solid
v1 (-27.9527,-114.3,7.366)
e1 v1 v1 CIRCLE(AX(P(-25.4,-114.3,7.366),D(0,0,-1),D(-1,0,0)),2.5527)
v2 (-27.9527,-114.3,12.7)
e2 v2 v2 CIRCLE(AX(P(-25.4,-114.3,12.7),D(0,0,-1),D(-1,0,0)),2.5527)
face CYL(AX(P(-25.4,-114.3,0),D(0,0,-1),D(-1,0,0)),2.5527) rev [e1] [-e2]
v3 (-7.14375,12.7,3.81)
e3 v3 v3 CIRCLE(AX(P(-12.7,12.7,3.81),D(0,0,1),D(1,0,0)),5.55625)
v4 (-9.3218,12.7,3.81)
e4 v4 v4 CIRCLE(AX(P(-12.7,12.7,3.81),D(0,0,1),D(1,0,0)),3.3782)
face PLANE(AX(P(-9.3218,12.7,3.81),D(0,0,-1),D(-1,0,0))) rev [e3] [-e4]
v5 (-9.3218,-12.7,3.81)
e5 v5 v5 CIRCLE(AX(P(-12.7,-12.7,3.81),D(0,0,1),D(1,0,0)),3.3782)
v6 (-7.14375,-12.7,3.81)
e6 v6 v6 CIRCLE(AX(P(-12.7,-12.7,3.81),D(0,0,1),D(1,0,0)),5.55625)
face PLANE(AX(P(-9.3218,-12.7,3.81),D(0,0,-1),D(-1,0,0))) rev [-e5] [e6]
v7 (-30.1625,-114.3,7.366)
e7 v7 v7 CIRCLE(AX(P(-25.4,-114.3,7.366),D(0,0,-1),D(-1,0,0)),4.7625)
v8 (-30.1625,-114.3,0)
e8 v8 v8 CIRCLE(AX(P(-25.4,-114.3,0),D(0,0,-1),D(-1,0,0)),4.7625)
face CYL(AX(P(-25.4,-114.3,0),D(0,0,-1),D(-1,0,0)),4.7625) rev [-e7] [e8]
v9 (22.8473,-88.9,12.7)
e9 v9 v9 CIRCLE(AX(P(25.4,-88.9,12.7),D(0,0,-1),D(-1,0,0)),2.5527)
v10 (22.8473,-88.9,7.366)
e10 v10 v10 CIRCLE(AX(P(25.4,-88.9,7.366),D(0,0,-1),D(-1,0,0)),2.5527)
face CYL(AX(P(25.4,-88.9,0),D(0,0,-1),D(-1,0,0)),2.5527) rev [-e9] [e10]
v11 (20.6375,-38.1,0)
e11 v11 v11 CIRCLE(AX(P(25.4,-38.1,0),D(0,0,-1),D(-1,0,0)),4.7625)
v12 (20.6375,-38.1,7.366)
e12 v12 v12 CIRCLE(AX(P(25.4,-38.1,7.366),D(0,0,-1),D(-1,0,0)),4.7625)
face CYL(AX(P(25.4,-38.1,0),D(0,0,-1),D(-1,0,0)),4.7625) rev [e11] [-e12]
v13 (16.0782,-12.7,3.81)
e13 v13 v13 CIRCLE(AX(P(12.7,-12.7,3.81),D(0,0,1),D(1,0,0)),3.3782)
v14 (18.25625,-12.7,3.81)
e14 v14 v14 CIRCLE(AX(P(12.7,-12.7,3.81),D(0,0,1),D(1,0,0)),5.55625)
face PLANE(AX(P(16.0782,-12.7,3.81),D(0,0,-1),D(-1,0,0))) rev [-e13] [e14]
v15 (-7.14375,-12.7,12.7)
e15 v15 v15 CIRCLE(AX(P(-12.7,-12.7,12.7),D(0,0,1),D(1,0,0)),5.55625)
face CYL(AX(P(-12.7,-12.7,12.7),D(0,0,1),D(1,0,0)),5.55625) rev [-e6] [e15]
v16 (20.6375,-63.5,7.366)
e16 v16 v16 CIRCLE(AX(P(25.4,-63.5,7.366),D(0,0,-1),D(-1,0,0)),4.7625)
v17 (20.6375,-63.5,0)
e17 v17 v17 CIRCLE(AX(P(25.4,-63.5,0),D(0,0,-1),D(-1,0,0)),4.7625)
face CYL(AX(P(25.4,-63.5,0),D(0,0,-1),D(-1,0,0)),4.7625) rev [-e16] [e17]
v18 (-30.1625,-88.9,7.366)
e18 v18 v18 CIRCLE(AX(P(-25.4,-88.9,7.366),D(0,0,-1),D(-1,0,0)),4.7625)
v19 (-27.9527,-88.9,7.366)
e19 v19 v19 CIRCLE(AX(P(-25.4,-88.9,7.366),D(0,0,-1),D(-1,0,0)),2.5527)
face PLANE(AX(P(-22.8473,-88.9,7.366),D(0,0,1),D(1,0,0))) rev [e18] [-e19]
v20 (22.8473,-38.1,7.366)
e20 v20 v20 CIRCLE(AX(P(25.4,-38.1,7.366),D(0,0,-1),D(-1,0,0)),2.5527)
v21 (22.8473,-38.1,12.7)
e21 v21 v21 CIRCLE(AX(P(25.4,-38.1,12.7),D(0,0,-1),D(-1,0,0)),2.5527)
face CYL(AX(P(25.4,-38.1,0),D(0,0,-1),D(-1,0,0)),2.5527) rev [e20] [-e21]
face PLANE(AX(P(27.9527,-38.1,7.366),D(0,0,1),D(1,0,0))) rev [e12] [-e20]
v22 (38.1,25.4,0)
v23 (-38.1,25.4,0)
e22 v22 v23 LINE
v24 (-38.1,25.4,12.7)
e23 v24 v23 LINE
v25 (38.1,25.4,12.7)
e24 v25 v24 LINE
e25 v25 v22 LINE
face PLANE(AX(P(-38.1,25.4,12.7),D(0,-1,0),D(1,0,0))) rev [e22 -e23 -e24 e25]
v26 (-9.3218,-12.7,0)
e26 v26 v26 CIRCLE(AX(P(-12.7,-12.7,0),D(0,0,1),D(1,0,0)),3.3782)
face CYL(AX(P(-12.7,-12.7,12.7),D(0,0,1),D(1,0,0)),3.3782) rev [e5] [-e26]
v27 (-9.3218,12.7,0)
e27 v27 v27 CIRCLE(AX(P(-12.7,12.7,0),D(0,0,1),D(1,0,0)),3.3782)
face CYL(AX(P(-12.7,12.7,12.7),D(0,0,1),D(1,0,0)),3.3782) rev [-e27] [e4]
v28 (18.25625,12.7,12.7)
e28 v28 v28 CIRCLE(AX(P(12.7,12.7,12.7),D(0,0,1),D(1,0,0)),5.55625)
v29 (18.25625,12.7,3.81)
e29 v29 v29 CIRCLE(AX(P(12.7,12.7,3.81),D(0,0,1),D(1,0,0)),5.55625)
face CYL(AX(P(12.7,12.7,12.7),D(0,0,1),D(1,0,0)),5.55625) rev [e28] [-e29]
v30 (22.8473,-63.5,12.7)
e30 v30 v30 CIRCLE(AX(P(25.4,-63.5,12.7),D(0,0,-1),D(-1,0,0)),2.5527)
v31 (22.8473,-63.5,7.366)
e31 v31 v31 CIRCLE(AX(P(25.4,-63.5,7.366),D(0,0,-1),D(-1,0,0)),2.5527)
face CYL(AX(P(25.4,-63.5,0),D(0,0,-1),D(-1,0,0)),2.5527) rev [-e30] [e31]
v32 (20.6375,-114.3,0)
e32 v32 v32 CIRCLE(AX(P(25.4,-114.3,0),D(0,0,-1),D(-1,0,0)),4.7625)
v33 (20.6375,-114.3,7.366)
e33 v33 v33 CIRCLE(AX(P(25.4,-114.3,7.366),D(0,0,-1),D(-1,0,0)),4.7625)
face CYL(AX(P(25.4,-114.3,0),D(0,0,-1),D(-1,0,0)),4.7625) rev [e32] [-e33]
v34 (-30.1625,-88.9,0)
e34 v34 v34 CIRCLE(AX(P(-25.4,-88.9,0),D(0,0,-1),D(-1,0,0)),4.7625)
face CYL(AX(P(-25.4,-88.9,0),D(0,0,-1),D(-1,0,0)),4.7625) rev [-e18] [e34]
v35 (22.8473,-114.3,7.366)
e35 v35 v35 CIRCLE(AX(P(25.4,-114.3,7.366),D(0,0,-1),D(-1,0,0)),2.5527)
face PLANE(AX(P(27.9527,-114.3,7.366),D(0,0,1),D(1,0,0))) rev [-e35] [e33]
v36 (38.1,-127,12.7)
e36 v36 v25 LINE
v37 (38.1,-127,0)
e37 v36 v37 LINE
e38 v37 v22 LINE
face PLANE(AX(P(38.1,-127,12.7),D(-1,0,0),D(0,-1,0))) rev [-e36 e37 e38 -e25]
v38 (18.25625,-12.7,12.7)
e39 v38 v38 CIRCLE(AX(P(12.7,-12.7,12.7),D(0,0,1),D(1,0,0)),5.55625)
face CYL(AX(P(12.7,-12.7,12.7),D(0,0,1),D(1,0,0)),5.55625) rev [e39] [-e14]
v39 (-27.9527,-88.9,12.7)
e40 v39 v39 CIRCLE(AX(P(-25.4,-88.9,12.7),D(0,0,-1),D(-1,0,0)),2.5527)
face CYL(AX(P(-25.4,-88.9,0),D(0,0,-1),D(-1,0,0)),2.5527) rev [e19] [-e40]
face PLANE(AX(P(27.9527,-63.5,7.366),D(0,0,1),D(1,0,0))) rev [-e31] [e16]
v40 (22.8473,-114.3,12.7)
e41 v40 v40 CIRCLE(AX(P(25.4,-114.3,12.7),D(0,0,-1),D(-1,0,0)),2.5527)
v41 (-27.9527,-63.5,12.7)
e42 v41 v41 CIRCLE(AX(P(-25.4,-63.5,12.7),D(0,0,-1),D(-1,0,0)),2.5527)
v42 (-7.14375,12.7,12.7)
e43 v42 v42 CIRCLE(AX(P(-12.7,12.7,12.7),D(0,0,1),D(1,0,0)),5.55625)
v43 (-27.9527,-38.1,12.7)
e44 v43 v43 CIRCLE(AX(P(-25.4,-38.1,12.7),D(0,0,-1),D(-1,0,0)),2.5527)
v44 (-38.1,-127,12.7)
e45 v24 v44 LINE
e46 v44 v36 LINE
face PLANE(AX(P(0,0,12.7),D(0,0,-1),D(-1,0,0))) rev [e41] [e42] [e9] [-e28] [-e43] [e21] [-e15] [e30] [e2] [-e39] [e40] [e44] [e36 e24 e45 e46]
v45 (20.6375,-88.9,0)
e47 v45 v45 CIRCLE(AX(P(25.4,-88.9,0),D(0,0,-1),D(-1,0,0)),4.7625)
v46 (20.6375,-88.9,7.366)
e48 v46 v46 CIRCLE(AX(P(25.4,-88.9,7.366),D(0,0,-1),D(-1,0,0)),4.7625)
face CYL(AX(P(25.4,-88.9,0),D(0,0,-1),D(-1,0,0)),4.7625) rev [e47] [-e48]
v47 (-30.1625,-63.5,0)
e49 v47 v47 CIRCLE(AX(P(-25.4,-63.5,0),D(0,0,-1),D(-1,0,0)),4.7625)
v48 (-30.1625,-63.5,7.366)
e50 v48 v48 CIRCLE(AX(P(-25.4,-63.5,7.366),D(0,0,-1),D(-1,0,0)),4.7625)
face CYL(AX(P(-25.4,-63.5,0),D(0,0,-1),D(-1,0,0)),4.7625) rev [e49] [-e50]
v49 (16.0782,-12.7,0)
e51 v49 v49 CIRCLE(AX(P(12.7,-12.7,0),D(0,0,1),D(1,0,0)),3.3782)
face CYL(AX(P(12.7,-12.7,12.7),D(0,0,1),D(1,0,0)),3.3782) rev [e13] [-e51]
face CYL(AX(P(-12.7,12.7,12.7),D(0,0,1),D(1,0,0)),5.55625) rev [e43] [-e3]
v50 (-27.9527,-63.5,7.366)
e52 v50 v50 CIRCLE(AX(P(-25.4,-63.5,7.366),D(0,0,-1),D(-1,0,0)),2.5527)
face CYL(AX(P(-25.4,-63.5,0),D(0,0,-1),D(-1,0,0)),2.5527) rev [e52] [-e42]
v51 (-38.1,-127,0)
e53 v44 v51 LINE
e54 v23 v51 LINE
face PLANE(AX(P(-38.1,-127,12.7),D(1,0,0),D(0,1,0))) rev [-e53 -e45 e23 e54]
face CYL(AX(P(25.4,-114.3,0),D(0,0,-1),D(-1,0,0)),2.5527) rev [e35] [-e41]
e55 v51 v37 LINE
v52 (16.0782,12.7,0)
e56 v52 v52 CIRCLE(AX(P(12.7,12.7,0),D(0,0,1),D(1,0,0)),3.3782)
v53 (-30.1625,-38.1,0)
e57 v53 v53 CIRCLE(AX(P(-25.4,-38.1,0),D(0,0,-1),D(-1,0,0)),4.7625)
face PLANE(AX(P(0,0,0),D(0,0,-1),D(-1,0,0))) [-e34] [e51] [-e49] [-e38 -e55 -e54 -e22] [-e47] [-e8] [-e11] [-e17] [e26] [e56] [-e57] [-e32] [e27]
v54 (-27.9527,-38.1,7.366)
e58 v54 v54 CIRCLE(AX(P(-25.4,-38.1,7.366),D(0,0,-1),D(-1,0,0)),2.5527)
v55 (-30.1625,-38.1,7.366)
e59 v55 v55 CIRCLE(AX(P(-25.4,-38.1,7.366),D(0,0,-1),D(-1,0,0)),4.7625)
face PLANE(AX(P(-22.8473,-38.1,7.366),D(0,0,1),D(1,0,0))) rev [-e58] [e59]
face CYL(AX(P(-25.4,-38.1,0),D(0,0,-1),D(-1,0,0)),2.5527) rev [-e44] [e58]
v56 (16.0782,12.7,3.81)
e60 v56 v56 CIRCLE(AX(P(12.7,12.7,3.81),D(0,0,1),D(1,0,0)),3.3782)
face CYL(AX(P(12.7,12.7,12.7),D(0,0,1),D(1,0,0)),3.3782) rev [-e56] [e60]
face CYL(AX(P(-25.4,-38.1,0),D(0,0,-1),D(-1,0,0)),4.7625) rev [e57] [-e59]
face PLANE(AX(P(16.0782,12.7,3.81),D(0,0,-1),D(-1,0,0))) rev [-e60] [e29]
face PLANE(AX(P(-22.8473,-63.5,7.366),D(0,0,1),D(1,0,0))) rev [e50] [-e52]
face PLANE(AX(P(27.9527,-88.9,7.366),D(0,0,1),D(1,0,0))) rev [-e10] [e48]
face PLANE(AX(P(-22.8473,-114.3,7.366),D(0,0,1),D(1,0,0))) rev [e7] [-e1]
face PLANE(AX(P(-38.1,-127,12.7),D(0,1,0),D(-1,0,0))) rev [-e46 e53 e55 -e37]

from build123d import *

# Parameters (mm, degrees)
SKETCH1_W                                        = 76.2
SKETCH1_H                                        = 152.4
BOSS_EXTRUDE1_DEPTH                              = 12.7
CBORE_FOR_1_4_SOCKET_HEAD_CAP_SCREW1_D           = 6.7564
CBORE_FOR_1_4_SOCKET_HEAD_CAP_SCREW1_CBORE_D     = 11.1125
CBORE_FOR_1_4_SOCKET_HEAD_CAP_SCREW1_CBORE_DEPTH = 8.89
CBORE_FOR_10_SOCKET_HEAD_CAP_SCREW1_D            = 5.1054
CBORE_FOR_10_SOCKET_HEAD_CAP_SCREW1_CBORE_D      = 9.525
CBORE_FOR_10_SOCKET_HEAD_CAP_SCREW1_CBORE_DEPTH  = 7.366


with BuildPart() as part:
    # Sketch1 → Boss-Extrude1 (new body)
    with BuildSketch(Plane.XY):
        with Locations((0, -50.8)):
            Rectangle(SKETCH1_W, SKETCH1_H)
    extrude(amount=BOSS_EXTRUDE1_DEPTH)

    # CBORE for 1/4 Socket Head Cap Screw1 (through all)
    with Locations(Plane.XY.offset(12.7)):
        with Locations((-12.7, 12.7), (-12.7, -12.7), (12.7, -12.7), (12.7, 12.7)):
            CounterBoreHole(CBORE_FOR_1_4_SOCKET_HEAD_CAP_SCREW1_D / 2, CBORE_FOR_1_4_SOCKET_HEAD_CAP_SCREW1_CBORE_D / 2, CBORE_FOR_1_4_SOCKET_HEAD_CAP_SCREW1_CBORE_DEPTH)

    # CBORE for #10 Socket Head Cap Screw1 (through all)
    with Locations(Plane(origin=(0, 0, 0), x_dir=(-1, 0, 0), z_dir=(0, 0, -1))):
        with Locations((-25.4, -114.3), (25.4, -114.3), (25.4, -88.9), (25.4, -63.5), (25.4, -38.1), (-25.4, -88.9), (-25.4, -63.5), (-25.4, -38.1)):
            CounterBoreHole(CBORE_FOR_10_SOCKET_HEAD_CAP_SCREW1_D / 2, CBORE_FOR_10_SOCKET_HEAD_CAP_SCREW1_CBORE_D / 2, CBORE_FOR_10_SOCKET_HEAD_CAP_SCREW1_CBORE_DEPTH)


solid = part.part
